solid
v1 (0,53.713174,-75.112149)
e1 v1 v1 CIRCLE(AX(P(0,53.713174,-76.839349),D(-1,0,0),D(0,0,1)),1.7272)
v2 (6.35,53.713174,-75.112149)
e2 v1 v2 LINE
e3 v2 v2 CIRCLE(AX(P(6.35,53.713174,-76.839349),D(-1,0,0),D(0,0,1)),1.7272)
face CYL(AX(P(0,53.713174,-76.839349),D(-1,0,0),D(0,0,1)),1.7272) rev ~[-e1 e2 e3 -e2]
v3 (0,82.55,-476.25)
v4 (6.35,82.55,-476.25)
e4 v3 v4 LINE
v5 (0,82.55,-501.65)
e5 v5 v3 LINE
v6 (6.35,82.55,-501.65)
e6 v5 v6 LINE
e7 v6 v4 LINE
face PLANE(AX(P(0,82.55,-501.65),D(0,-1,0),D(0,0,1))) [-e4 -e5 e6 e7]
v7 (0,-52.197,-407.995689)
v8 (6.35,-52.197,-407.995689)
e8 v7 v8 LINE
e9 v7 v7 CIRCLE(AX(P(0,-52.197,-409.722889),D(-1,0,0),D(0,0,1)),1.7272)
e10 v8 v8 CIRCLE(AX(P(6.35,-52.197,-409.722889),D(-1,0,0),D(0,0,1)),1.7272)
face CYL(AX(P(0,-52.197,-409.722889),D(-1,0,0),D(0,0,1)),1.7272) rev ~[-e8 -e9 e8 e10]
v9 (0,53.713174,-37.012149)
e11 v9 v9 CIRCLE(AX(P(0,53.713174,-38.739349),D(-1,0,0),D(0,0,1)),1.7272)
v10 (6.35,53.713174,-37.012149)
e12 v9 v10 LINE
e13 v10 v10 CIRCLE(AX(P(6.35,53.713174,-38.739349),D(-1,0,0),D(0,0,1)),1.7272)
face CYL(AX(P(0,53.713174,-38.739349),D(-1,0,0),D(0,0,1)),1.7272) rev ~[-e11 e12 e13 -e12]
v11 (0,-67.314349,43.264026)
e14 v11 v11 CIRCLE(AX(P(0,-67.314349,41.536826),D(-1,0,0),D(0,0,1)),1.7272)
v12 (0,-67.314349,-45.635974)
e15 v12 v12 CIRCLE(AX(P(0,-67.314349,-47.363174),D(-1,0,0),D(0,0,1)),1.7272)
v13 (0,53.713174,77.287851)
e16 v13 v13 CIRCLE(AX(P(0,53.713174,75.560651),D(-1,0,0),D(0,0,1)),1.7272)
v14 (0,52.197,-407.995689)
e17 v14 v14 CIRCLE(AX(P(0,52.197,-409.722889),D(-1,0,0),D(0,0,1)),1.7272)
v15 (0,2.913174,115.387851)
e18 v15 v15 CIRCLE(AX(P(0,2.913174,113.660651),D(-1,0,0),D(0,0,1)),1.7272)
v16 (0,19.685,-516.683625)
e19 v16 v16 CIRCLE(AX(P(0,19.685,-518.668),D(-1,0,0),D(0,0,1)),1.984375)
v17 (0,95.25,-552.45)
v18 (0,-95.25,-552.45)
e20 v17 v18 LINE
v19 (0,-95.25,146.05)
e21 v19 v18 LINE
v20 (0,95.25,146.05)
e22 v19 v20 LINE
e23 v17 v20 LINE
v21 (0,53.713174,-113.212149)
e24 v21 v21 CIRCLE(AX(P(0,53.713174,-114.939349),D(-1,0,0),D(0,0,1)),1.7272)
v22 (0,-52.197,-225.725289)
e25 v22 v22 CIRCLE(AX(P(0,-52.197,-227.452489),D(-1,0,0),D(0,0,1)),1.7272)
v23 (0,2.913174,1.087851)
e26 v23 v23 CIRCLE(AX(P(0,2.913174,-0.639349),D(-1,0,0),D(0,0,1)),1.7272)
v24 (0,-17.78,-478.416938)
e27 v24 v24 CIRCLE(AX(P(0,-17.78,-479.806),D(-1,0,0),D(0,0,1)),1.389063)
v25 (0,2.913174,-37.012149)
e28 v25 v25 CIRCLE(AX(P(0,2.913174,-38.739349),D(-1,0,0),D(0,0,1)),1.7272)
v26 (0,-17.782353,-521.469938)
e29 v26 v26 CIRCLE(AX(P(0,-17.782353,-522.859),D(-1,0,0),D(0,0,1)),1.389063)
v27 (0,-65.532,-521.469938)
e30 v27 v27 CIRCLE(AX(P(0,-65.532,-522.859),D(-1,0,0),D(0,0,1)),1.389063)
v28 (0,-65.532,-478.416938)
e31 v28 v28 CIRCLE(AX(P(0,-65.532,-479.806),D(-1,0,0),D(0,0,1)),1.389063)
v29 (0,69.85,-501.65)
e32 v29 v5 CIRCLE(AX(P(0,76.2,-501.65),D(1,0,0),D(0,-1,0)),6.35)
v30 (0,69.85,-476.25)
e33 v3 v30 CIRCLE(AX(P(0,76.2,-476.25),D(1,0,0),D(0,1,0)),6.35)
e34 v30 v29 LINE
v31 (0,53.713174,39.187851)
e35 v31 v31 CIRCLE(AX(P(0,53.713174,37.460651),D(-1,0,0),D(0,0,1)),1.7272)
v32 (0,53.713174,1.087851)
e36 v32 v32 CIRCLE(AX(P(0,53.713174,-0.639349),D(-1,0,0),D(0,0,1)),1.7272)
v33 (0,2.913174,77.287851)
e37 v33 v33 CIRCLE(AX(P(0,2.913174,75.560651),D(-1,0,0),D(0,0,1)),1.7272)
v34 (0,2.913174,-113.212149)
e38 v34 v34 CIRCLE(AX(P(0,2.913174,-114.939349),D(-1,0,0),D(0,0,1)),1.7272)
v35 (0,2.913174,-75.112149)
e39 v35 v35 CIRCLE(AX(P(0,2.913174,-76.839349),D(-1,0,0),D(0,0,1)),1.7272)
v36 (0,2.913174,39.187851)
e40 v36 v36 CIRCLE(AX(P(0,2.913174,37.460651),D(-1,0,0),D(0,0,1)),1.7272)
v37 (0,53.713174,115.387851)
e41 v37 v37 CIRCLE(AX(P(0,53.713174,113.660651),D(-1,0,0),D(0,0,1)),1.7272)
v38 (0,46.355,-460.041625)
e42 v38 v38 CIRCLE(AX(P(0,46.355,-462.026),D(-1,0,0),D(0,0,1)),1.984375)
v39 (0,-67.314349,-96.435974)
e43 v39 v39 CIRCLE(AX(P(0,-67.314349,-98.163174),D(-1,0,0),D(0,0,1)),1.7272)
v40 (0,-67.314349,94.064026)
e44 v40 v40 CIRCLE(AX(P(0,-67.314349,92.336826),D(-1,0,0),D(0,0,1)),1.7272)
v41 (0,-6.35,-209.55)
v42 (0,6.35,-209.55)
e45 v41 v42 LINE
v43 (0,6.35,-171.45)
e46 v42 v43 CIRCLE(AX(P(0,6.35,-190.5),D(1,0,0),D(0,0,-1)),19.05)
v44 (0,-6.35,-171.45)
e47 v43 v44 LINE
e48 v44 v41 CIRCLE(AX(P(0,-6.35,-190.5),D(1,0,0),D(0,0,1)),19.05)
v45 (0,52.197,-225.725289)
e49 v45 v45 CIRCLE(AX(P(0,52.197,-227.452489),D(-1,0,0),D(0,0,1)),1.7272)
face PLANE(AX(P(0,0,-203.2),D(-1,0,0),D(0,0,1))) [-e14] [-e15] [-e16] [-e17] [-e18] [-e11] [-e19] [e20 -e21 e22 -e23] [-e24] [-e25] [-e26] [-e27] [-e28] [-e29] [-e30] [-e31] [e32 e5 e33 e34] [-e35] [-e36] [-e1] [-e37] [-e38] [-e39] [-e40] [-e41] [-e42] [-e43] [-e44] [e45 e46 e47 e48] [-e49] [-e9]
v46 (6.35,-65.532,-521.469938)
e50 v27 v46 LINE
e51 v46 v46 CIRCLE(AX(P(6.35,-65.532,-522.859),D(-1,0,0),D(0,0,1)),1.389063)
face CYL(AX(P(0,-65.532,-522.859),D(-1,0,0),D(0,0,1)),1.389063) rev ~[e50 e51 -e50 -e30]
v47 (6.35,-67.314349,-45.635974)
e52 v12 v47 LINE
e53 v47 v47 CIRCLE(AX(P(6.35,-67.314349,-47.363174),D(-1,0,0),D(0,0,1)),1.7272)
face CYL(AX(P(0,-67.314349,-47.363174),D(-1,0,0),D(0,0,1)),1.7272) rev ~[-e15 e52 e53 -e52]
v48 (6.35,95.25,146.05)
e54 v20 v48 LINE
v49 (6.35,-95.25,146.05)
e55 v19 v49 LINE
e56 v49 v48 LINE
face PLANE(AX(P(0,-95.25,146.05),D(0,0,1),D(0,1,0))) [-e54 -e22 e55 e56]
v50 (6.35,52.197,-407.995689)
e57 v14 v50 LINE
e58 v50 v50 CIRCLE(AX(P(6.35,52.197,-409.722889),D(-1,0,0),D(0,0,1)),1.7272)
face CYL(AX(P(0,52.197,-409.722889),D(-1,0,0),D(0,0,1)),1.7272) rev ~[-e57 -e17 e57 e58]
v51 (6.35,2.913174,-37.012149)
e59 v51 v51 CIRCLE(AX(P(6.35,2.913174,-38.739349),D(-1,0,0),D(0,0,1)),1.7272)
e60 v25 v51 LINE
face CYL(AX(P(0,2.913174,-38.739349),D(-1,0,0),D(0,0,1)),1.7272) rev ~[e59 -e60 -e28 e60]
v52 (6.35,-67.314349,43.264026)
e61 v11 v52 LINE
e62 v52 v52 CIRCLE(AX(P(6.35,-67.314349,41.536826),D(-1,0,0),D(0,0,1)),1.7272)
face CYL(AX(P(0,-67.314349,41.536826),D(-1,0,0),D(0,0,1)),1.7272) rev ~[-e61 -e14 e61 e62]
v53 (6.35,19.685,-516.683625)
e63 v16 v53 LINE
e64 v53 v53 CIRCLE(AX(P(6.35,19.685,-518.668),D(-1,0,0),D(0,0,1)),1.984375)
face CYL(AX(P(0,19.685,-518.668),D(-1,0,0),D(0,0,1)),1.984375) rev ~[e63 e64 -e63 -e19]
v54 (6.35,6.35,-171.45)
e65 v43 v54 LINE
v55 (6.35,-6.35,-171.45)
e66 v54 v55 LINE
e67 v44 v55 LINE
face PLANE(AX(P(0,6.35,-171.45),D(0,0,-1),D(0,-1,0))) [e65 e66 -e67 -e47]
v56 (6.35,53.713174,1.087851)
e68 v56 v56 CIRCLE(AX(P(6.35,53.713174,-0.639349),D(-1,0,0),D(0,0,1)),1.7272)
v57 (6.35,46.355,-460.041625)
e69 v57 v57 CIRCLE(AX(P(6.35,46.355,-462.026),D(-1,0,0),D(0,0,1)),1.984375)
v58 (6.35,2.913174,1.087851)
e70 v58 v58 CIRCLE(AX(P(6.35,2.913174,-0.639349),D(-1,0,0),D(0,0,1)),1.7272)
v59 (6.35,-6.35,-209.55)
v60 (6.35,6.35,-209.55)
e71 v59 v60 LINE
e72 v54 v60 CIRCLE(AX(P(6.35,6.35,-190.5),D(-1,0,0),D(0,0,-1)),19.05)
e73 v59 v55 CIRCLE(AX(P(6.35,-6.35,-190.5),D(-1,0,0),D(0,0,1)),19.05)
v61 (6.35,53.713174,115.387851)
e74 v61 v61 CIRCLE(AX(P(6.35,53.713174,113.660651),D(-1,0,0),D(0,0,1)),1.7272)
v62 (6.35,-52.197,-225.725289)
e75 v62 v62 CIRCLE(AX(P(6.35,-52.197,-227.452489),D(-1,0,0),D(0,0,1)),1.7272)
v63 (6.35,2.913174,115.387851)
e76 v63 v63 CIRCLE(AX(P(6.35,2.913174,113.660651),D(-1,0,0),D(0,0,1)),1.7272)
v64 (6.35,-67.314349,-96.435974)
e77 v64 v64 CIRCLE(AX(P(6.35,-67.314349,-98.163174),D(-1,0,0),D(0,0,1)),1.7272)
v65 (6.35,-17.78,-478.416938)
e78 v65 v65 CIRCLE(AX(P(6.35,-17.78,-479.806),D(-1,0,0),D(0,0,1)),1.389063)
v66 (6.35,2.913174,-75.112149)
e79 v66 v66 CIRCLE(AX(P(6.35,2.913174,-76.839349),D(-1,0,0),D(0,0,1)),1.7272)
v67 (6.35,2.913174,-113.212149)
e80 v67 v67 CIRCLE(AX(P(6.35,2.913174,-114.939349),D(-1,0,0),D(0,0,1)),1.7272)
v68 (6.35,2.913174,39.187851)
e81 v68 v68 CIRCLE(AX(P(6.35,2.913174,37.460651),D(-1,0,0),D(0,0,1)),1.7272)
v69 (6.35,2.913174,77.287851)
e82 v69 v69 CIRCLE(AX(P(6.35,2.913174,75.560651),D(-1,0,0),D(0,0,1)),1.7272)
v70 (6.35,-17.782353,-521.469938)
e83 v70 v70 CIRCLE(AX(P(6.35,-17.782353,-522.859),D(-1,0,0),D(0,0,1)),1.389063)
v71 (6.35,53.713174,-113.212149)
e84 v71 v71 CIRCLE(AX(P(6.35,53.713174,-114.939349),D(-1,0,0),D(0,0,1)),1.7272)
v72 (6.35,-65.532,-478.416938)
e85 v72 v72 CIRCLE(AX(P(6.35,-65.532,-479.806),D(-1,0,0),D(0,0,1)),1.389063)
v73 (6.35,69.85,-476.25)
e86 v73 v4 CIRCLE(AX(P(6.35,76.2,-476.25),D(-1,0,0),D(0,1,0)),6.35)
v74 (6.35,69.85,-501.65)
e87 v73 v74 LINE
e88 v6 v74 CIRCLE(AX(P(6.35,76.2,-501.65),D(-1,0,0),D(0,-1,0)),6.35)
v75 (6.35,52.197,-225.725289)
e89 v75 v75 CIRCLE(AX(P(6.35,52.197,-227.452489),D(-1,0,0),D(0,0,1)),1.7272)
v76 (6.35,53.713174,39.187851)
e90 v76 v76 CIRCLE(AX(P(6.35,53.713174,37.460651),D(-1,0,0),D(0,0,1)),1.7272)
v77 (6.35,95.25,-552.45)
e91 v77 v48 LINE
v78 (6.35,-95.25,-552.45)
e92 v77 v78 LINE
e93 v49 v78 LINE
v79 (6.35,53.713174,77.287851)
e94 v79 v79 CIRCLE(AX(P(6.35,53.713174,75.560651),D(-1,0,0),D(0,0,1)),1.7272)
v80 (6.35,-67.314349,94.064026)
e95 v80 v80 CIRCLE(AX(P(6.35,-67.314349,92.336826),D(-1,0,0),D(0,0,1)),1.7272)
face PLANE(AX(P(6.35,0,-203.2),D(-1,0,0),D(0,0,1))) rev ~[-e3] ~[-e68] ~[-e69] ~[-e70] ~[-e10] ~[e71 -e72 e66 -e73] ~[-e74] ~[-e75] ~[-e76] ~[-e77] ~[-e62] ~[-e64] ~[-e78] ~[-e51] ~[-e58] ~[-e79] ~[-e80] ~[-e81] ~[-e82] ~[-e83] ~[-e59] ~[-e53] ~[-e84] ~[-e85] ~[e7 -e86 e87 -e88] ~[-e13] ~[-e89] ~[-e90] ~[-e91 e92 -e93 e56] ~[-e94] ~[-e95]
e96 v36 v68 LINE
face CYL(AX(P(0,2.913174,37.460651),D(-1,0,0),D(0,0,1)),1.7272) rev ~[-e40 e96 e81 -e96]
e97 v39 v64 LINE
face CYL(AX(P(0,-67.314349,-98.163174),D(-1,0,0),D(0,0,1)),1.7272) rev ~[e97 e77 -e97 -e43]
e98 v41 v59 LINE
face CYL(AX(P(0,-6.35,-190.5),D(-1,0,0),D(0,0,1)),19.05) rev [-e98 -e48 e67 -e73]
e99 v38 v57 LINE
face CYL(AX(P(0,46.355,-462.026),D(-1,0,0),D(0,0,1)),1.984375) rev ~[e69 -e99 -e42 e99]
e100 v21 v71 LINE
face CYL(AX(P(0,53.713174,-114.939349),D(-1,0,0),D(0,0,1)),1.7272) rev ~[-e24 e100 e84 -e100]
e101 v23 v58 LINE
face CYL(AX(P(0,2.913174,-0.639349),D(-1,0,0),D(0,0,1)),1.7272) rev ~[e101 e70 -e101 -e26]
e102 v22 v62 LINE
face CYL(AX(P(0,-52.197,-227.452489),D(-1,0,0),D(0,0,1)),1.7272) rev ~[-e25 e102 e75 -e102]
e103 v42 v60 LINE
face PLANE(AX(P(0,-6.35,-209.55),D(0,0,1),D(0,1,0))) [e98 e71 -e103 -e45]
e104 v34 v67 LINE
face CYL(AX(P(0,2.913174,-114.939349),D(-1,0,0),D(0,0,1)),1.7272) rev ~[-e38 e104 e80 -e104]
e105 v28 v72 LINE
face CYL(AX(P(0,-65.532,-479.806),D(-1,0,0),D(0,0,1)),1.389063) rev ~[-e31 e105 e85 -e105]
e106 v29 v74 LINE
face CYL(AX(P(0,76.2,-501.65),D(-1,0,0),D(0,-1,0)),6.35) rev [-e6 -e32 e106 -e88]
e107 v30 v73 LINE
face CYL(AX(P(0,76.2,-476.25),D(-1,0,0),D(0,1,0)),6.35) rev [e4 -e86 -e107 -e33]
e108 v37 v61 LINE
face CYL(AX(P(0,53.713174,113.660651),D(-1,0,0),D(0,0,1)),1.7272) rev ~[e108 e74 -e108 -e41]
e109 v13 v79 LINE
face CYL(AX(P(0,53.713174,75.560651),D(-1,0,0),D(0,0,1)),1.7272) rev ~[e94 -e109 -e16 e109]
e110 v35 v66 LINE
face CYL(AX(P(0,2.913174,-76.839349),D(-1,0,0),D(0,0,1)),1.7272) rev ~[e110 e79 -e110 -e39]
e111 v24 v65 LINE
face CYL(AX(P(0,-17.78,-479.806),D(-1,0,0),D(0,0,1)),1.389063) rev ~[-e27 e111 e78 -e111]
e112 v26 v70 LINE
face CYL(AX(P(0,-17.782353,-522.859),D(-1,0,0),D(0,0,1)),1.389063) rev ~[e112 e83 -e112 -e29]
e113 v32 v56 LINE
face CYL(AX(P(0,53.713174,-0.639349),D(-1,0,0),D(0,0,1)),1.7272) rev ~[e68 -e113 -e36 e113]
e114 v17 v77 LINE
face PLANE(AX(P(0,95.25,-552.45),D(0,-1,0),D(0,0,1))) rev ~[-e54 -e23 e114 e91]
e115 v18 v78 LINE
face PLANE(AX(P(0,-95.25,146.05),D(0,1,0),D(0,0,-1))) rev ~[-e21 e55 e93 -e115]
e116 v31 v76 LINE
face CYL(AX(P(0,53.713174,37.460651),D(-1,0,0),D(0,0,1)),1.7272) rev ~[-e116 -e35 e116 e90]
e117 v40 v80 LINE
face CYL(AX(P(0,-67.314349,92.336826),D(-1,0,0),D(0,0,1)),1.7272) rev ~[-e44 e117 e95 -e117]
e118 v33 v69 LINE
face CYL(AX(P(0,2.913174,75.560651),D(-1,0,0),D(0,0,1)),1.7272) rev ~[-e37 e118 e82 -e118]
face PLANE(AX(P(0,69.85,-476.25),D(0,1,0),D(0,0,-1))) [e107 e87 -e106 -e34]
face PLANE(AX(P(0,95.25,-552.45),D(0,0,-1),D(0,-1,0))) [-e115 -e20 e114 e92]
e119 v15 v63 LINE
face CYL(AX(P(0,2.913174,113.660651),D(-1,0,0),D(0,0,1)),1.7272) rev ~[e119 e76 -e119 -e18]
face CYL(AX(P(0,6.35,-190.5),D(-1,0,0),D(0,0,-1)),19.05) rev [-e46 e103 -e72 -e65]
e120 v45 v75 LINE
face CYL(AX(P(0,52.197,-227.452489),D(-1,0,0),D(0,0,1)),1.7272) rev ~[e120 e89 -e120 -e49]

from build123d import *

# Parameters (mm, degrees)
BOSS_EXTRUDE1_DEPTH = 6.35
SKETCH2_R           = 1.7272
SKETCH2_R_2         = 1.3890625
SKETCH2_R_3         = 1.984375
CUT_EXTRUDE1_DEPTH  = 7.35


with BuildPart() as part:
    # Sketch1 → Boss-Extrude1 (new body)
    with BuildSketch(Plane(origin=(0, 0, 0), x_dir=(0, 0, -1), z_dir=(1, 0, 0))):
        Polygon((146.05, 95.25), (158.75, 95.25), (552.45, 95.25), (552.45, -95.25), (158.75, -95.25), (146.05, -95.25), (-146.05, -95.25), (-146.05, 95.25), align=None)
    extrude(amount=BOSS_EXTRUDE1_DEPTH)

    # Sketch2 → Cut-Extrude1 (cut, through all)
    with BuildSketch(Plane.ZY):
        with Locations((113.660651072, 53.713174026)):
            Circle(SKETCH2_R)
        with Locations((75.560651072, 53.713174026)):
            Circle(SKETCH2_R)
        with Locations((37.460651072, 53.713174026)):
            Circle(SKETCH2_R)
        with Locations((-0.639348928, 53.713174026)):
            Circle(SKETCH2_R)
        with Locations((-38.739348928, 53.713174026)):
            Circle(SKETCH2_R)
        with Locations((-76.839348928, 53.713174026)):
            Circle(SKETCH2_R)
        with Locations((-114.939348928, 53.713174026)):
            Circle(SKETCH2_R)
        with Locations((-114.939348928, 2.913174026)):
            Circle(SKETCH2_R)
        with Locations((-76.839348928, 2.913174026)):
            Circle(SKETCH2_R)
        with Locations((-38.739348928, 2.913174026)):
            Circle(SKETCH2_R)
        with Locations((-0.639348928, 2.913174026)):
            Circle(SKETCH2_R)
        with Locations((37.460651072, 2.913174026)):
            Circle(SKETCH2_R)
        with Locations((75.560651072, 2.913174026)):
            Circle(SKETCH2_R)
        with Locations((113.660651072, 2.913174026)):
            Circle(SKETCH2_R)
        with Locations((92.336825974, -67.314348928)):
            Circle(SKETCH2_R)
        with Locations((41.536825974, -67.314348928)):
            Circle(SKETCH2_R)
        with Locations((-47.363174026, -67.314348928)):
            Circle(SKETCH2_R)
        with Locations((-98.163174026, -67.314348928)):
            Circle(SKETCH2_R)
        with Locations((-227.452489037, 52.197)):
            Circle(SKETCH2_R)
        with Locations((-227.452489037, -52.197)):
            Circle(SKETCH2_R)
        with Locations((-409.722889037, -52.197)):
            Circle(SKETCH2_R)
        with Locations((-409.722889037, 52.197)):
            Circle(SKETCH2_R)
        with Locations((-522.859, -17.782353467)):
            Circle(SKETCH2_R_2)
        with Locations((-479.806, -17.78)):
            Circle(SKETCH2_R_2)
        with Locations((-479.806, -65.532)):
            Circle(SKETCH2_R_2)
        with Locations((-522.859, -65.532)):
            Circle(SKETCH2_R_2)
        with Locations((-462.026, 46.355)):
            Circle(SKETCH2_R_3)
        with Locations((-518.668, 19.685)):
            Circle(SKETCH2_R_3)
        with BuildLine():
            Line((-501.65, 82.55), (-476.25, 82.55))
            ThreePointArc((-476.25, 82.55), (-469.9, 76.2), (-476.25, 69.85))
            Line((-476.25, 69.85), (-501.65, 69.85))
            ThreePointArc((-501.65, 69.85), (-508, 76.2), (-501.65, 82.55))
        make_face()
        with BuildLine():
            Line((-171.45, 6.35), (-171.45, -6.35))
            ThreePointArc((-171.45, -6.35), (-190.5, -25.4), (-209.55, -6.35))
            Line((-209.55, -6.35), (-209.55, 6.35))
            ThreePointArc((-209.55, 6.35), (-190.5, 25.4), (-171.45, 6.35))
        make_face()
    extrude(amount=-CUT_EXTRUDE1_DEPTH, mode=Mode.SUBTRACT)


solid = part.part
